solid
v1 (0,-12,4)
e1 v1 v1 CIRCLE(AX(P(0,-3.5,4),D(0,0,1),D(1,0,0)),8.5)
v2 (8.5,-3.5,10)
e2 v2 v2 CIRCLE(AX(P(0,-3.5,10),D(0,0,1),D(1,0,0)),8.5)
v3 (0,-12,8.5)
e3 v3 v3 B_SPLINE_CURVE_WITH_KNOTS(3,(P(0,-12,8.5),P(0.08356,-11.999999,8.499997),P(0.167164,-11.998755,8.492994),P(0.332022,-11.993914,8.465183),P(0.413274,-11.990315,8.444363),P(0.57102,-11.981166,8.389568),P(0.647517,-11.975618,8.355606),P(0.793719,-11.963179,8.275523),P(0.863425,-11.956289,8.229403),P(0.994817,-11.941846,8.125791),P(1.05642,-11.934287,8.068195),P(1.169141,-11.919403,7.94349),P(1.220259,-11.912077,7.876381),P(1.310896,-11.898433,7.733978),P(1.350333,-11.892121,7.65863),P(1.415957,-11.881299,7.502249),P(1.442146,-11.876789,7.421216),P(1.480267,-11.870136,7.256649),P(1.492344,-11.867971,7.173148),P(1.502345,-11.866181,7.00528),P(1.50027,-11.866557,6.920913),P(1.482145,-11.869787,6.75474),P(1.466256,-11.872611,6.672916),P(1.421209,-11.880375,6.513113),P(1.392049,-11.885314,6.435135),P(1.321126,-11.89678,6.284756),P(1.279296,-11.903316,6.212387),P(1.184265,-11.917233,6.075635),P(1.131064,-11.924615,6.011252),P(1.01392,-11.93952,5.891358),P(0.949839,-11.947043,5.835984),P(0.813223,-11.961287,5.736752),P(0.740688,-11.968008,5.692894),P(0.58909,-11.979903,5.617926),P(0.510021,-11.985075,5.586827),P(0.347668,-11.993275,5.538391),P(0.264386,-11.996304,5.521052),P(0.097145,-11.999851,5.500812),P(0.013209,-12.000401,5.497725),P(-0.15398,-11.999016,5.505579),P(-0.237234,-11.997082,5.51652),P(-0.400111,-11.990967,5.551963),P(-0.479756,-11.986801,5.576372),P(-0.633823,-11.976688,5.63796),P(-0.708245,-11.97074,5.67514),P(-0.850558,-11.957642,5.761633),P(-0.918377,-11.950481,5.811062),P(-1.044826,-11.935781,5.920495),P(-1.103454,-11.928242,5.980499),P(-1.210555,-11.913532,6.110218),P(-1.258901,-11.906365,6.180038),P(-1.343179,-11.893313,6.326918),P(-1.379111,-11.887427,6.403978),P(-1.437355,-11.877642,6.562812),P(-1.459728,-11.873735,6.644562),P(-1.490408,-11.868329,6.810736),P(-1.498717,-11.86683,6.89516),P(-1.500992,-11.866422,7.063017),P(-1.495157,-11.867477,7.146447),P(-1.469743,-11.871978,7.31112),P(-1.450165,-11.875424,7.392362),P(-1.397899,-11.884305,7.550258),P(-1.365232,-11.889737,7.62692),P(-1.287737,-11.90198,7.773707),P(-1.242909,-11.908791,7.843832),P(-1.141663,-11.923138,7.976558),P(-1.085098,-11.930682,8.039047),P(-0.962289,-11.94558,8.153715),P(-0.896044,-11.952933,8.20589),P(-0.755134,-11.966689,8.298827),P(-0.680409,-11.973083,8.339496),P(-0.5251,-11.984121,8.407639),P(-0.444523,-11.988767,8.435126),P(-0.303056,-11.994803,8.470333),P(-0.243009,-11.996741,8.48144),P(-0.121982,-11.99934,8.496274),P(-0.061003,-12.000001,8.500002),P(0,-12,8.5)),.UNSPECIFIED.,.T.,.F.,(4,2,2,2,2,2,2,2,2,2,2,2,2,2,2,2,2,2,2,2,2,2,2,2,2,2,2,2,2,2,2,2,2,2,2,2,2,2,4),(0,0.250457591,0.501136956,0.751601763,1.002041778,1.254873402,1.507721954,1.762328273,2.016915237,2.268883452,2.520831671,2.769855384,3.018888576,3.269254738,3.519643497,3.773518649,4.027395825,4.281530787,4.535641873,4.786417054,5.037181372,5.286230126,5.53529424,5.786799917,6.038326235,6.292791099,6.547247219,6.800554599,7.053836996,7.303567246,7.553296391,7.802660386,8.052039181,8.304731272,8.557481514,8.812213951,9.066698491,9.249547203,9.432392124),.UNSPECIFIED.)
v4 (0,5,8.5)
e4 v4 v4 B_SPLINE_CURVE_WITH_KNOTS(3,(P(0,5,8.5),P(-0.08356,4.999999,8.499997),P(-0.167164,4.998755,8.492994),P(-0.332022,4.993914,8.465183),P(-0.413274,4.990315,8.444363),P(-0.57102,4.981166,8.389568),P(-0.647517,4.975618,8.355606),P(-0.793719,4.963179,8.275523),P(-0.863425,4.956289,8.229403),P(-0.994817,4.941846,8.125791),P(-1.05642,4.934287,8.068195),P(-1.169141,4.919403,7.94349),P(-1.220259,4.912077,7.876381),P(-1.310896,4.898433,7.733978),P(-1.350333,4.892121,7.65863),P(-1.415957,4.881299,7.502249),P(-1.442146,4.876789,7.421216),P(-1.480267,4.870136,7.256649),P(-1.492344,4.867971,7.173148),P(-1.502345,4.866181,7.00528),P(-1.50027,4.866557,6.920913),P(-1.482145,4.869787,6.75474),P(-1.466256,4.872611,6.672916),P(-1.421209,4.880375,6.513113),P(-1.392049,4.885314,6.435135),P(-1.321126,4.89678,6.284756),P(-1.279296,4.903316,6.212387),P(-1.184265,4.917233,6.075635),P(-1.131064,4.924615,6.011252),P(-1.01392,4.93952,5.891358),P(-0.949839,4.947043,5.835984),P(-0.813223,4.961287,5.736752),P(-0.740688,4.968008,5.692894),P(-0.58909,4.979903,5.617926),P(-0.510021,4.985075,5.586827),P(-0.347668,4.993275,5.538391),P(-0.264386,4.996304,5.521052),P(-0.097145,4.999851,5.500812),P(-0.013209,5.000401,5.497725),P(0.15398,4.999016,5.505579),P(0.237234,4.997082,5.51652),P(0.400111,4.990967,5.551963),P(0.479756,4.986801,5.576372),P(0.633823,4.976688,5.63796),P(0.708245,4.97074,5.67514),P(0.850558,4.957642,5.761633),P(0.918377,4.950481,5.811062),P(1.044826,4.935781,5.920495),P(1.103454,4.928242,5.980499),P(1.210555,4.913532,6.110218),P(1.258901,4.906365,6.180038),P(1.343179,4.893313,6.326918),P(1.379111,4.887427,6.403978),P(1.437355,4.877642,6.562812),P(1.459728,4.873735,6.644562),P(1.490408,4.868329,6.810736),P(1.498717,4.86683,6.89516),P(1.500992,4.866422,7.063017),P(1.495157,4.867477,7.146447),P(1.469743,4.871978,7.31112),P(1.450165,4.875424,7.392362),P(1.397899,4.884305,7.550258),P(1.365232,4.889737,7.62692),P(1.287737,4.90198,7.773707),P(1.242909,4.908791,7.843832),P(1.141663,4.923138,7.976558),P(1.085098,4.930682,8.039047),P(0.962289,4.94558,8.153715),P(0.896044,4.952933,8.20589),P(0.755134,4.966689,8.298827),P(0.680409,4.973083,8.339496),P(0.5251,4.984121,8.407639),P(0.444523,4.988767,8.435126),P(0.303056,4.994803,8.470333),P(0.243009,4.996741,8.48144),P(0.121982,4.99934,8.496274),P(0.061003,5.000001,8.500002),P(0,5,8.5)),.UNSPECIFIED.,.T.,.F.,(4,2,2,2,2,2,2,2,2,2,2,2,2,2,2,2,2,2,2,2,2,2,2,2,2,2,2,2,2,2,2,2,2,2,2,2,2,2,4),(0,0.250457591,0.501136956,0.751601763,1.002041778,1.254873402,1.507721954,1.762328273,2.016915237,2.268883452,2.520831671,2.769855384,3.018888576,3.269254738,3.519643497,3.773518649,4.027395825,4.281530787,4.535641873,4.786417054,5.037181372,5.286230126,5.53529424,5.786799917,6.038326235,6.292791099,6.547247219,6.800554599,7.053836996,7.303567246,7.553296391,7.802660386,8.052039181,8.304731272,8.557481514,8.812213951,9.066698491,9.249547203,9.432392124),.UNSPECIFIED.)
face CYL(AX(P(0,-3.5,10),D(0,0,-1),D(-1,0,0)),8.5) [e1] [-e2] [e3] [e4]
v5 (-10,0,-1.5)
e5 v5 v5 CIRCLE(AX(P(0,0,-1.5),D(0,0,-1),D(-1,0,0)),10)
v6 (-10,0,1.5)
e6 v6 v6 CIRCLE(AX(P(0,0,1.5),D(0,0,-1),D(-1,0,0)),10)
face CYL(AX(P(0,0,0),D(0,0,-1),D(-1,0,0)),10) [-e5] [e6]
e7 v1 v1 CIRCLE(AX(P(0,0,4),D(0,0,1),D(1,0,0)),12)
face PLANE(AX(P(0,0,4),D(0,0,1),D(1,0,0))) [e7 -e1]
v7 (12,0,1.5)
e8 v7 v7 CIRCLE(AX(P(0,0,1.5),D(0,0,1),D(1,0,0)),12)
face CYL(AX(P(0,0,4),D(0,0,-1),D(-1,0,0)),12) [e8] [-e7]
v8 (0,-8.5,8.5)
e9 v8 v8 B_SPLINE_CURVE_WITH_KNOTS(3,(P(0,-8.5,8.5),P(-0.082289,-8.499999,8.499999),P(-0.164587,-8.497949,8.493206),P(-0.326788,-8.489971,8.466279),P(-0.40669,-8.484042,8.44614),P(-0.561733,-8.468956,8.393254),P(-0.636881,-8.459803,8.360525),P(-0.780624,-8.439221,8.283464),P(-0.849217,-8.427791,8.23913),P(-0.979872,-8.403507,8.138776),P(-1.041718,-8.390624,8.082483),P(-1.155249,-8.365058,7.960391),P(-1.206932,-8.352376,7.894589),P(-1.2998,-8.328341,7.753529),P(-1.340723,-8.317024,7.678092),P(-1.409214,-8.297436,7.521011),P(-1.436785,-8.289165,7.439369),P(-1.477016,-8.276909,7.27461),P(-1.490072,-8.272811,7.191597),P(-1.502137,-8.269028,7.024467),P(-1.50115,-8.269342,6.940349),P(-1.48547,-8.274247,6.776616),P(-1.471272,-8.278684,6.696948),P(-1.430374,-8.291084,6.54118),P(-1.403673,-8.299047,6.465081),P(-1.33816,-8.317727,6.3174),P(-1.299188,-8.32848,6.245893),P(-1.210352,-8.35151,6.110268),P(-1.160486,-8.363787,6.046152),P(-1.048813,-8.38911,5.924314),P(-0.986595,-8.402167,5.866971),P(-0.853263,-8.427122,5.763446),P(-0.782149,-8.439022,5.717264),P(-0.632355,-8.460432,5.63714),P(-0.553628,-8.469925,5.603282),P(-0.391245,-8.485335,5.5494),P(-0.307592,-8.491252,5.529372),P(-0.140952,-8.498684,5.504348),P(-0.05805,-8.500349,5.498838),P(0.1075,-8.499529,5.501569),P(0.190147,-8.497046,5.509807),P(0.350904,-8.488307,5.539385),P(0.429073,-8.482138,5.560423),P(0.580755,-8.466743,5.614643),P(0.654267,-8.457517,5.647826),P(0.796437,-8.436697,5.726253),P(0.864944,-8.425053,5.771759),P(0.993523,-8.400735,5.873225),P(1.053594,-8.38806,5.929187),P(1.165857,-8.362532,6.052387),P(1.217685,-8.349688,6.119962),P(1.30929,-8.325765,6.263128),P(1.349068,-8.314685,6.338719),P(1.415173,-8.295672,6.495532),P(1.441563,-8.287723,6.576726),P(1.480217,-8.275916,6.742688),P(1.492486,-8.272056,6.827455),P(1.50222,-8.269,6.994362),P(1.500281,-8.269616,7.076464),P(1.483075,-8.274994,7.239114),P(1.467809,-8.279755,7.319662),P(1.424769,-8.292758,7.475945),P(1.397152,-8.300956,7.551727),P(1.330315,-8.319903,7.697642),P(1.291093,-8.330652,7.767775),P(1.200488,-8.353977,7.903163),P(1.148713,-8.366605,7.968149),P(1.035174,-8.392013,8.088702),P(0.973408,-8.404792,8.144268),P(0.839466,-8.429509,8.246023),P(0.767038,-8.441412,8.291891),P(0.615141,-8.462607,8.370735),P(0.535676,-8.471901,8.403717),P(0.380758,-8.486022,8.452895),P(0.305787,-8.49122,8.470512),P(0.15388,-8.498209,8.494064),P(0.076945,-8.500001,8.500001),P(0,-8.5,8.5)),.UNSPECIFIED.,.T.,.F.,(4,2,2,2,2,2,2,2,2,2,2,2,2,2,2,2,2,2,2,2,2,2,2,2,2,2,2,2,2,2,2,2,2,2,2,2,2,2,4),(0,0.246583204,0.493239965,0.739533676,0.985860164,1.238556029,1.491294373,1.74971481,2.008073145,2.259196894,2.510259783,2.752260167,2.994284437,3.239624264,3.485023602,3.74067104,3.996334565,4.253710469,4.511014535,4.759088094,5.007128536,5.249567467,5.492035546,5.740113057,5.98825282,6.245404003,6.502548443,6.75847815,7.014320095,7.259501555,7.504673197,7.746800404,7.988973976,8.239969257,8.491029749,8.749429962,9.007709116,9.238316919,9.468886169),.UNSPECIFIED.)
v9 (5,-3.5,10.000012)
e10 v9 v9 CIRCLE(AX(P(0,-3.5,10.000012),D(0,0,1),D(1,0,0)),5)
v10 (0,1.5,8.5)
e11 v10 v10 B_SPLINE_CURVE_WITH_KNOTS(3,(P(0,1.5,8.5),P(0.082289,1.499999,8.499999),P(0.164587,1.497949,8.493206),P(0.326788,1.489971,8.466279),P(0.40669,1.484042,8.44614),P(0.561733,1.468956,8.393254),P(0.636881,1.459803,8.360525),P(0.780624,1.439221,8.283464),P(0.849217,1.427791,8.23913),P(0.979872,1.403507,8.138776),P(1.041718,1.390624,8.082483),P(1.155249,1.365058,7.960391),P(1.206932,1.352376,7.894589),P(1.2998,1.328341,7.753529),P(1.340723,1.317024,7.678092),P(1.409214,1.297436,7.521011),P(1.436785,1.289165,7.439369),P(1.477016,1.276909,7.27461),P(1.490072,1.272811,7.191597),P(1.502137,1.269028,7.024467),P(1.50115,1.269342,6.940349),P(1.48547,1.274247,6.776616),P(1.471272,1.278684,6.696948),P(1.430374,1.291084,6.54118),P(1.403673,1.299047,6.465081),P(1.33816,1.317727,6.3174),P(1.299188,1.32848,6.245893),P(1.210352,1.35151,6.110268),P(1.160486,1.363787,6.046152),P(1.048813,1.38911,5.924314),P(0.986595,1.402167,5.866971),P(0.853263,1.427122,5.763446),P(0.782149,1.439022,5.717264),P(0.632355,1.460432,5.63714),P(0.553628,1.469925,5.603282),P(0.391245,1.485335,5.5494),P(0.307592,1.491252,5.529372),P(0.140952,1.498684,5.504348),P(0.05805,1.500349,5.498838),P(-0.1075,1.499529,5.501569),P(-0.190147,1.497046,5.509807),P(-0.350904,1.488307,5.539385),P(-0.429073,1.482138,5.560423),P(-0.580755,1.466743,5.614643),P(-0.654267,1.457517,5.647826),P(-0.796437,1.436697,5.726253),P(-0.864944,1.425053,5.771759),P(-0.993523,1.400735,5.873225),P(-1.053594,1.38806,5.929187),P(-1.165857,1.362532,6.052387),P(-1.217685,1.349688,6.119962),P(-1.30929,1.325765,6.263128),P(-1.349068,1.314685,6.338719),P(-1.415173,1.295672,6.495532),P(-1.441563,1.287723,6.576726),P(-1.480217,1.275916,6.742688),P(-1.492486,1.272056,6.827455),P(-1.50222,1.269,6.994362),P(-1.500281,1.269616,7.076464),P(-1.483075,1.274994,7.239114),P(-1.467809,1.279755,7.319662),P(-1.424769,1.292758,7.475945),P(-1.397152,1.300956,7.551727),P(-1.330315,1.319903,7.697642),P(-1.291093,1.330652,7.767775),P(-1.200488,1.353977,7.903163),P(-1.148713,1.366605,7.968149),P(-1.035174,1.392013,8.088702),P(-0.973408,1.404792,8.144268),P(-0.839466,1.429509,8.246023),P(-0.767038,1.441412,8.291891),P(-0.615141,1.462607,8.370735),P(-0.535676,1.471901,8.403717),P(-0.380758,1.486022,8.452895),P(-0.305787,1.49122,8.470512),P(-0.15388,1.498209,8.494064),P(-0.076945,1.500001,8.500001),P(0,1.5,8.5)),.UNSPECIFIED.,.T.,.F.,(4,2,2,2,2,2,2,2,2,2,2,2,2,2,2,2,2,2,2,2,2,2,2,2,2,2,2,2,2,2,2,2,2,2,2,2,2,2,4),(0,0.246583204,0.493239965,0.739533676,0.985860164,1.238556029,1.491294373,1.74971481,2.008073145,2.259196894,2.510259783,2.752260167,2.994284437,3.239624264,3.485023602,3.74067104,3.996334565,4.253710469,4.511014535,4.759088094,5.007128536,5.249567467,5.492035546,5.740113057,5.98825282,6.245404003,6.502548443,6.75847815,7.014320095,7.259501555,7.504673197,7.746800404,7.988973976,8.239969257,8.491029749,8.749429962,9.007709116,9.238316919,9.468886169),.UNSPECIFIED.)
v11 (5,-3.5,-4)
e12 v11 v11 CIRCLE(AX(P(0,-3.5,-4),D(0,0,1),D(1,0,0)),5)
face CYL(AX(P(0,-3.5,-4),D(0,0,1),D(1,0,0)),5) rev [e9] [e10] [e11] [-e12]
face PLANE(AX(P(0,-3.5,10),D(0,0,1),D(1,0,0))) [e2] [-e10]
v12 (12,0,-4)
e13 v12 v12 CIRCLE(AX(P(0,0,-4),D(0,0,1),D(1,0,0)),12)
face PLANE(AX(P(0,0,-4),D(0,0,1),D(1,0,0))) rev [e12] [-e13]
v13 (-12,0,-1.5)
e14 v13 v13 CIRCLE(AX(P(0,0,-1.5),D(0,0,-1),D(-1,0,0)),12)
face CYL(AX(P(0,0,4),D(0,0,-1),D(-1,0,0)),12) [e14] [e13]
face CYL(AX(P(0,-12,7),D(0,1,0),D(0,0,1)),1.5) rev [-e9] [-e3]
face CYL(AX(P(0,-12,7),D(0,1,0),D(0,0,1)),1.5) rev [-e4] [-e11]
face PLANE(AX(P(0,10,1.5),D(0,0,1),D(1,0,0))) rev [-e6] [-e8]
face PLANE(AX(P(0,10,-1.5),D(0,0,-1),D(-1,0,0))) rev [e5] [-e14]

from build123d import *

# Parameters (mm, degrees)
SKETCH1_R               = 12
BOSS_EXTRUDE1_DEPTH     = 4
SKETCH3_W               = 3
SKETCH3_H               = 3.312885388
SKETCH6_R               = 8.5
BOSS_EXTRUDE2_DEPTH     = 6
CUT_EXTRUDE1_DEPTH      = 23
CUT_EXTRUDE1_DEPTH_BACK = 23
SKETCH7_R               = 5
CUT_EXTRUDE2_DEPTH      = 20.697715604
CUT_EXTRUDE2_DEPTH_BACK = 20.697715604
SKETCH8_R               = 1.5


with BuildPart() as part:
    # Sketch1 → Boss-Extrude1 (new, symmetric)
    with BuildSketch(Plane.XY):
        Circle(SKETCH1_R)
    extrude(amount=BOSS_EXTRUDE1_DEPTH, both=True)

    # Sketch3 → Cut-Revolve2 (revolve, cut)
    with BuildSketch(Plane(origin=(0, 0, 0), x_dir=(0, 0, -1), z_dir=(1, 0, 0)), mode=Mode.PRIVATE) as cut_revolve2_sk:
        with Locations((0, 11.656442694)):
            Rectangle(SKETCH3_W, SKETCH3_H)
    revolve(cut_revolve2_sk.sketch.rotate(Axis((0, 0, 0), (0, 0, 1)), 90), axis=Axis((0, 0, 0), (0, 0, 1)), mode=Mode.SUBTRACT)

    # Sketch6 → Boss-Extrude2 (add)
    with BuildSketch(Plane.XY.offset(4)):
        with Locations(Location((0, -3.5, 0), (0, 0, 270))):
            Circle(SKETCH6_R)
    extrude(amount=BOSS_EXTRUDE2_DEPTH)

    # Sketch7 → Cut-Extrude1 (cut, two sides: drawn at the far end of the back side and taken through both)
    with BuildSketch(Plane.XY.offset(10).offset(-CUT_EXTRUDE1_DEPTH_BACK)):
        with Locations((0, -3.5)):
            Circle(SKETCH7_R)
    extrude(amount=CUT_EXTRUDE1_DEPTH + CUT_EXTRUDE1_DEPTH_BACK, mode=Mode.SUBTRACT)

    # Sketch8 → Cut-Extrude2 (cut, two sides: drawn at the far end of the back side and taken through both)
    with BuildSketch(Plane(origin=(0, 0, 0), x_dir=(1, 0, 0), z_dir=(0, 1, 0)).offset(-CUT_EXTRUDE2_DEPTH_BACK)):
        with Locations(Location((0, -7, 0), (0, 0, 270))):
            Circle(SKETCH8_R)
    extrude(amount=CUT_EXTRUDE2_DEPTH + CUT_EXTRUDE2_DEPTH_BACK, mode=Mode.SUBTRACT)


solid = part.part
